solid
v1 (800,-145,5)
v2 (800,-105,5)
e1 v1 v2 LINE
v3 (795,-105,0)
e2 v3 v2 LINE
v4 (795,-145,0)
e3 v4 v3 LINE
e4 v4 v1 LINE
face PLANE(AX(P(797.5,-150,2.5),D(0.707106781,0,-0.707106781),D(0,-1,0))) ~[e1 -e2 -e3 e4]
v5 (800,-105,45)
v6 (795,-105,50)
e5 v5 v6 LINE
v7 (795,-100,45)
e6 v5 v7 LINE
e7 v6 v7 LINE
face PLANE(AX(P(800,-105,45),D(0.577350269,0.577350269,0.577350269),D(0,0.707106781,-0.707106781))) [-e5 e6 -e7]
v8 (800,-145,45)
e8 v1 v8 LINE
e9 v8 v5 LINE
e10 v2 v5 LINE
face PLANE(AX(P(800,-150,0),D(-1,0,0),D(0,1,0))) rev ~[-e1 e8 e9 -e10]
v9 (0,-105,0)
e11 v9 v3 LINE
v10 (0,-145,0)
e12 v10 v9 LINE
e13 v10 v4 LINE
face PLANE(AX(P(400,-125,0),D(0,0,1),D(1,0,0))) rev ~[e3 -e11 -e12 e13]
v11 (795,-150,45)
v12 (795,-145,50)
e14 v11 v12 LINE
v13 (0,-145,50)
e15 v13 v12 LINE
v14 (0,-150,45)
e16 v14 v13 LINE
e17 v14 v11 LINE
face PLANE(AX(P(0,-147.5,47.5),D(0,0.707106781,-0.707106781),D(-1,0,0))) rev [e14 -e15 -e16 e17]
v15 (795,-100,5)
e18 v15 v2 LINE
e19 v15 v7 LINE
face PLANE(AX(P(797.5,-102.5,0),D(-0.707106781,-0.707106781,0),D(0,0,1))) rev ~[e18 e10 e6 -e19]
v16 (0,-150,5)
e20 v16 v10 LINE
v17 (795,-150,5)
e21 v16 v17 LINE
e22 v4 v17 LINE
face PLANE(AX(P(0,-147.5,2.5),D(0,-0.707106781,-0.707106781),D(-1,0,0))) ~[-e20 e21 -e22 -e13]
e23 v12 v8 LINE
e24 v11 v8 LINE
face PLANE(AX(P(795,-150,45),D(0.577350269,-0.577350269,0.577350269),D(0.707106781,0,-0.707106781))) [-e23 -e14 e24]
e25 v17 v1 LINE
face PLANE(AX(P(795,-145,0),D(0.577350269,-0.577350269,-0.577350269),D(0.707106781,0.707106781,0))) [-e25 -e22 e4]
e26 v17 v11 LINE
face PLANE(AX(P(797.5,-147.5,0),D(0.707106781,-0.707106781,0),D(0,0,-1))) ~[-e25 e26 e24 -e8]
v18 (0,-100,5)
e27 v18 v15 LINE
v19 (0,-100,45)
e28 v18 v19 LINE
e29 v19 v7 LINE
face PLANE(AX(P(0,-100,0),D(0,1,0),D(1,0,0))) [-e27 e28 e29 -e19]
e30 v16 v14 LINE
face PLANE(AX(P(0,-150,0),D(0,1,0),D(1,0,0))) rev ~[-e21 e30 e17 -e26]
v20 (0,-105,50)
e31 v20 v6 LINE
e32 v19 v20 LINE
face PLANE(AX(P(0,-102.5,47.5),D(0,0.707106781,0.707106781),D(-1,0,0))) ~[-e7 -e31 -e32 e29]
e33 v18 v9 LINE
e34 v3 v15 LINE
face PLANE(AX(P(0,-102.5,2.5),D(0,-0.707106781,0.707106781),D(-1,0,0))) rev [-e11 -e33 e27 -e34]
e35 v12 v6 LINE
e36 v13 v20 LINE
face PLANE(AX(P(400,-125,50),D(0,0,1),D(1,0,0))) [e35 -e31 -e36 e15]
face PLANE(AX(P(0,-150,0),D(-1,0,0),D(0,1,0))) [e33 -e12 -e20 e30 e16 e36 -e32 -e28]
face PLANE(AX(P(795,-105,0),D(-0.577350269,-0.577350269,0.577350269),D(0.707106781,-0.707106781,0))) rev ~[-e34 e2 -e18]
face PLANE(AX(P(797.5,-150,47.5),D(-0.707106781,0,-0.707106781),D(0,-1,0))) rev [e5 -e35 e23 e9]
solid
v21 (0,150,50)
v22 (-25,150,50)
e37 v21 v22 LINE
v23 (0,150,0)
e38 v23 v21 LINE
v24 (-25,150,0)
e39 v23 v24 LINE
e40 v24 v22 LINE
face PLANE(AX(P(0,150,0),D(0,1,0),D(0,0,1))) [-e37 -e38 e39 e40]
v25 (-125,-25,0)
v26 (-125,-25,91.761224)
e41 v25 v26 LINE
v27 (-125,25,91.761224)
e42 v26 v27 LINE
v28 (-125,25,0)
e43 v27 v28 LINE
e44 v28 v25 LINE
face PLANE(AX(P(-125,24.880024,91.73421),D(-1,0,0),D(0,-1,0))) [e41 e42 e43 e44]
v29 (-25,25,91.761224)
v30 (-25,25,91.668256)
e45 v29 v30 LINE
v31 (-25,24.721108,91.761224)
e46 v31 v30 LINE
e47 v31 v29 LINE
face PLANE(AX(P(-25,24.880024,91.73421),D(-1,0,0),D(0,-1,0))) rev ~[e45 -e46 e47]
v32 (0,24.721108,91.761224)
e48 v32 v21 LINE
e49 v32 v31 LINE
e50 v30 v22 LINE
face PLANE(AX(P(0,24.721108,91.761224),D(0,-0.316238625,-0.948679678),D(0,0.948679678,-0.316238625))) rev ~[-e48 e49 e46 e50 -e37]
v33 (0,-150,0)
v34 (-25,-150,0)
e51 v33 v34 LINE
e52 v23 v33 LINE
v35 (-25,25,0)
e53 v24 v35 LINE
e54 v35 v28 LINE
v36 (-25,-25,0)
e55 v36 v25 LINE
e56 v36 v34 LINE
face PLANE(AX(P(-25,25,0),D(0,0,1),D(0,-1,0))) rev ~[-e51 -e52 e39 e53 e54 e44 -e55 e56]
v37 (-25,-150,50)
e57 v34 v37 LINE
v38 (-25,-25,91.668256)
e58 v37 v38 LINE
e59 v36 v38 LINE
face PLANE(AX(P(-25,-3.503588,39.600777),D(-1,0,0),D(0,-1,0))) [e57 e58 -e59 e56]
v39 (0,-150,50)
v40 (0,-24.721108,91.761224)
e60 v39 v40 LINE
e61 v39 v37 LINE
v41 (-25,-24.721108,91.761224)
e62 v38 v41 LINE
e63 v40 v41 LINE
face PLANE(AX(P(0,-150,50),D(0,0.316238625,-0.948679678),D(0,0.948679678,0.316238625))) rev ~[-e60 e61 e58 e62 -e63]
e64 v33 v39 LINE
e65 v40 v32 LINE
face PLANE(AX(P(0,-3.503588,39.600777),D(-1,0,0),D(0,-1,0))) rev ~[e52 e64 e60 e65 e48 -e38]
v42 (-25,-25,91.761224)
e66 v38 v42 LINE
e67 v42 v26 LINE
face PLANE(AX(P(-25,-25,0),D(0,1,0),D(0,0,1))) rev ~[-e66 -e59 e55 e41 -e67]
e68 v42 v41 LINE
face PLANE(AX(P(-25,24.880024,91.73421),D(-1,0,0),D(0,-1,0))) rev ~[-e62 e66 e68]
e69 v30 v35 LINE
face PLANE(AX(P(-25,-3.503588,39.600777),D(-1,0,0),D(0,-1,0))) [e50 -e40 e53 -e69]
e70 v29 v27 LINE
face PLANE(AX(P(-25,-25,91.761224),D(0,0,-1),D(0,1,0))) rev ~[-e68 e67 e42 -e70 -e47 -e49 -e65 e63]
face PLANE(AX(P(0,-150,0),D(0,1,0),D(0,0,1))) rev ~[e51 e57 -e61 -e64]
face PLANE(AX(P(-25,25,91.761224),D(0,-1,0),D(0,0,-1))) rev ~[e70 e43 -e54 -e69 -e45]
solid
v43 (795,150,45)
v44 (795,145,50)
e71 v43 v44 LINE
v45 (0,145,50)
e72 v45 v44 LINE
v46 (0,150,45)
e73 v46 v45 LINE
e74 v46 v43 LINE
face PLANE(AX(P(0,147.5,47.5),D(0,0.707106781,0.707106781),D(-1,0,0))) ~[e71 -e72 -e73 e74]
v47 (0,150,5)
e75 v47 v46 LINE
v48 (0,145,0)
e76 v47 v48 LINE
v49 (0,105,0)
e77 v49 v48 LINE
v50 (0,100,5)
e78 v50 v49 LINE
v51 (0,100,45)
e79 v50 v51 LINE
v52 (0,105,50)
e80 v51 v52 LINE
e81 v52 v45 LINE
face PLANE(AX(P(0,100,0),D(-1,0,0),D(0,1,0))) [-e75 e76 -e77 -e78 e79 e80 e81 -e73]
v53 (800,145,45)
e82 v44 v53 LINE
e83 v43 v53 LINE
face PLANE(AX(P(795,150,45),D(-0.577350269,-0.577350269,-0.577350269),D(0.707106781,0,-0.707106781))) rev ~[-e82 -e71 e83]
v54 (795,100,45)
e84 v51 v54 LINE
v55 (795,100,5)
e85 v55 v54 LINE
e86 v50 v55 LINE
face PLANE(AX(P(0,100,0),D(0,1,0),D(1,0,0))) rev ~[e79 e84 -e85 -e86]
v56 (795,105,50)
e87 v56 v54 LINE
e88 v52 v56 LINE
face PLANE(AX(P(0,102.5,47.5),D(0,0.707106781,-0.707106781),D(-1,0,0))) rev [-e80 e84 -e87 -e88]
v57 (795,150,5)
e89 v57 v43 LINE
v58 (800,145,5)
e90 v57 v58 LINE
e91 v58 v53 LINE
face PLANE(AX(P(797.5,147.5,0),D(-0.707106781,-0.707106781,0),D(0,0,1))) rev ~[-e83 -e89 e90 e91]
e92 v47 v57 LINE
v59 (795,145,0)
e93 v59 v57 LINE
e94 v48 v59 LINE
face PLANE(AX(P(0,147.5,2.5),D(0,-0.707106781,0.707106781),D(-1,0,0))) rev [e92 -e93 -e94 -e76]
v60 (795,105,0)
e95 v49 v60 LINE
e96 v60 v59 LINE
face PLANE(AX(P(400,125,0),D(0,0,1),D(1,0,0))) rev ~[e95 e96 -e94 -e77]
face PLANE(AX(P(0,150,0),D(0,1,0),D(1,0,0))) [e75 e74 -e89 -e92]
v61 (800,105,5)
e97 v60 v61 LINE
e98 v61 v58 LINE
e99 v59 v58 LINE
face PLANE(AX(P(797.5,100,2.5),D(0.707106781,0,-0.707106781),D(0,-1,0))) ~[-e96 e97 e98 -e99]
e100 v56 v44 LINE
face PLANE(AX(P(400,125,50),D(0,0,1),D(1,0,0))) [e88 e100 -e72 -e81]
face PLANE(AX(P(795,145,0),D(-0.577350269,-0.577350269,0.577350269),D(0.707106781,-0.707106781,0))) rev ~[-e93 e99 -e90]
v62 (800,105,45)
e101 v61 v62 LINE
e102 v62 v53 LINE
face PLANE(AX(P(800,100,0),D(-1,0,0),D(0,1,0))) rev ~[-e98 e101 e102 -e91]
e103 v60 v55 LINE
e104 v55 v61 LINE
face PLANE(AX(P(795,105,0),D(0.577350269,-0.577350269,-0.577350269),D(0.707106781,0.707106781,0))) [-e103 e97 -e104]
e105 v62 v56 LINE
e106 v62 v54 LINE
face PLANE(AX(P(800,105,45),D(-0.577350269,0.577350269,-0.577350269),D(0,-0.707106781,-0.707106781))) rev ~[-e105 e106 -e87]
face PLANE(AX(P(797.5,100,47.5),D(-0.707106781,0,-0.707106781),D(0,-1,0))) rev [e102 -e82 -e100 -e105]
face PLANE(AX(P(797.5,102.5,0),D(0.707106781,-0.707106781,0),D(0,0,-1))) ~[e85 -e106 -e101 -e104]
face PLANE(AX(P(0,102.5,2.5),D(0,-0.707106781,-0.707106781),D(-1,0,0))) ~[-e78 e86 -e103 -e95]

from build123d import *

# Parameters (mm, degrees)
F0_W     = 800
F0_H     = 50
F1_DEPTH = 50
F2_W     = 50
F2_H     = 50
F3_DEPTH = 25
F5_DEPTH = 100
F6_SIZE  = 5


with BuildPart() as f1:
    # F0 (on Top) → F1 (new body)
    with BuildSketch(Plane.XY):
        with Locations((400, -125)):
            Rectangle(F0_W, F0_H)
        with Locations((400, 125)):
            Rectangle(F0_W, F0_H)
    extrude(amount=F1_DEPTH)

    # F6
    f6_edges = [f1.edges().sort_by_distance(p)[0] for p in [
        (400, 100, 50),
        (400, -100, 50),
        (800, -125, 50),
        (800, 125, 50),
        (400, -150, 50),
        (400, 150, 50),
        (800, -150, 25),
        (800, -100, 25),
        (800, 100, 25),
        (800, 150, 25),
        (400, 100, 0),
        (400, -150, 0),
        (400, -100, 0),
        (400, 150, 0),
        (800, 125, 0),
        (800, -125, 0),
    ]]
    chamfer(f6_edges, length=F6_SIZE)


with BuildPart() as f3:
    # F2 (on face) → F3 (new body)
    with BuildSketch(Plane(origin=(0, 0, 0), x_dir=(0, -1, 0), z_dir=(-1, 0, 0))):
        Polygon((-100, 0), (0, 0), (150, 0), (150, 50), (24.721108, 91.761224), (0, 91.761224), (-24.721108, 91.761224), (-150, 50), (-100, 50), align=None)
        with Locations((-125, 25)):
            Rectangle(F2_W, F2_H)
    extrude(amount=F3_DEPTH)

    # F4 (on face) → F5 (join)
    with BuildSketch(Plane(origin=(-25, 0, 0), x_dir=(0, -1, 0), z_dir=(-1, 0, 0))):
        Polygon((-25, 91.761224), (-25, 91.668256), (-24.721108, 91.761224), align=None)
        Polygon((-25, 0), (0, 0), (25, 0), (25, 91.668256), (24.721108, 91.761224), (0, 91.761224), (-24.721108, 91.761224), (-25, 91.668256), align=None)
        Polygon((24.721108, 91.761224), (25, 91.668256), (25, 91.761224), align=None)
    extrude(amount=F5_DEPTH)


solid = Compound([f1.part, f3.part])
